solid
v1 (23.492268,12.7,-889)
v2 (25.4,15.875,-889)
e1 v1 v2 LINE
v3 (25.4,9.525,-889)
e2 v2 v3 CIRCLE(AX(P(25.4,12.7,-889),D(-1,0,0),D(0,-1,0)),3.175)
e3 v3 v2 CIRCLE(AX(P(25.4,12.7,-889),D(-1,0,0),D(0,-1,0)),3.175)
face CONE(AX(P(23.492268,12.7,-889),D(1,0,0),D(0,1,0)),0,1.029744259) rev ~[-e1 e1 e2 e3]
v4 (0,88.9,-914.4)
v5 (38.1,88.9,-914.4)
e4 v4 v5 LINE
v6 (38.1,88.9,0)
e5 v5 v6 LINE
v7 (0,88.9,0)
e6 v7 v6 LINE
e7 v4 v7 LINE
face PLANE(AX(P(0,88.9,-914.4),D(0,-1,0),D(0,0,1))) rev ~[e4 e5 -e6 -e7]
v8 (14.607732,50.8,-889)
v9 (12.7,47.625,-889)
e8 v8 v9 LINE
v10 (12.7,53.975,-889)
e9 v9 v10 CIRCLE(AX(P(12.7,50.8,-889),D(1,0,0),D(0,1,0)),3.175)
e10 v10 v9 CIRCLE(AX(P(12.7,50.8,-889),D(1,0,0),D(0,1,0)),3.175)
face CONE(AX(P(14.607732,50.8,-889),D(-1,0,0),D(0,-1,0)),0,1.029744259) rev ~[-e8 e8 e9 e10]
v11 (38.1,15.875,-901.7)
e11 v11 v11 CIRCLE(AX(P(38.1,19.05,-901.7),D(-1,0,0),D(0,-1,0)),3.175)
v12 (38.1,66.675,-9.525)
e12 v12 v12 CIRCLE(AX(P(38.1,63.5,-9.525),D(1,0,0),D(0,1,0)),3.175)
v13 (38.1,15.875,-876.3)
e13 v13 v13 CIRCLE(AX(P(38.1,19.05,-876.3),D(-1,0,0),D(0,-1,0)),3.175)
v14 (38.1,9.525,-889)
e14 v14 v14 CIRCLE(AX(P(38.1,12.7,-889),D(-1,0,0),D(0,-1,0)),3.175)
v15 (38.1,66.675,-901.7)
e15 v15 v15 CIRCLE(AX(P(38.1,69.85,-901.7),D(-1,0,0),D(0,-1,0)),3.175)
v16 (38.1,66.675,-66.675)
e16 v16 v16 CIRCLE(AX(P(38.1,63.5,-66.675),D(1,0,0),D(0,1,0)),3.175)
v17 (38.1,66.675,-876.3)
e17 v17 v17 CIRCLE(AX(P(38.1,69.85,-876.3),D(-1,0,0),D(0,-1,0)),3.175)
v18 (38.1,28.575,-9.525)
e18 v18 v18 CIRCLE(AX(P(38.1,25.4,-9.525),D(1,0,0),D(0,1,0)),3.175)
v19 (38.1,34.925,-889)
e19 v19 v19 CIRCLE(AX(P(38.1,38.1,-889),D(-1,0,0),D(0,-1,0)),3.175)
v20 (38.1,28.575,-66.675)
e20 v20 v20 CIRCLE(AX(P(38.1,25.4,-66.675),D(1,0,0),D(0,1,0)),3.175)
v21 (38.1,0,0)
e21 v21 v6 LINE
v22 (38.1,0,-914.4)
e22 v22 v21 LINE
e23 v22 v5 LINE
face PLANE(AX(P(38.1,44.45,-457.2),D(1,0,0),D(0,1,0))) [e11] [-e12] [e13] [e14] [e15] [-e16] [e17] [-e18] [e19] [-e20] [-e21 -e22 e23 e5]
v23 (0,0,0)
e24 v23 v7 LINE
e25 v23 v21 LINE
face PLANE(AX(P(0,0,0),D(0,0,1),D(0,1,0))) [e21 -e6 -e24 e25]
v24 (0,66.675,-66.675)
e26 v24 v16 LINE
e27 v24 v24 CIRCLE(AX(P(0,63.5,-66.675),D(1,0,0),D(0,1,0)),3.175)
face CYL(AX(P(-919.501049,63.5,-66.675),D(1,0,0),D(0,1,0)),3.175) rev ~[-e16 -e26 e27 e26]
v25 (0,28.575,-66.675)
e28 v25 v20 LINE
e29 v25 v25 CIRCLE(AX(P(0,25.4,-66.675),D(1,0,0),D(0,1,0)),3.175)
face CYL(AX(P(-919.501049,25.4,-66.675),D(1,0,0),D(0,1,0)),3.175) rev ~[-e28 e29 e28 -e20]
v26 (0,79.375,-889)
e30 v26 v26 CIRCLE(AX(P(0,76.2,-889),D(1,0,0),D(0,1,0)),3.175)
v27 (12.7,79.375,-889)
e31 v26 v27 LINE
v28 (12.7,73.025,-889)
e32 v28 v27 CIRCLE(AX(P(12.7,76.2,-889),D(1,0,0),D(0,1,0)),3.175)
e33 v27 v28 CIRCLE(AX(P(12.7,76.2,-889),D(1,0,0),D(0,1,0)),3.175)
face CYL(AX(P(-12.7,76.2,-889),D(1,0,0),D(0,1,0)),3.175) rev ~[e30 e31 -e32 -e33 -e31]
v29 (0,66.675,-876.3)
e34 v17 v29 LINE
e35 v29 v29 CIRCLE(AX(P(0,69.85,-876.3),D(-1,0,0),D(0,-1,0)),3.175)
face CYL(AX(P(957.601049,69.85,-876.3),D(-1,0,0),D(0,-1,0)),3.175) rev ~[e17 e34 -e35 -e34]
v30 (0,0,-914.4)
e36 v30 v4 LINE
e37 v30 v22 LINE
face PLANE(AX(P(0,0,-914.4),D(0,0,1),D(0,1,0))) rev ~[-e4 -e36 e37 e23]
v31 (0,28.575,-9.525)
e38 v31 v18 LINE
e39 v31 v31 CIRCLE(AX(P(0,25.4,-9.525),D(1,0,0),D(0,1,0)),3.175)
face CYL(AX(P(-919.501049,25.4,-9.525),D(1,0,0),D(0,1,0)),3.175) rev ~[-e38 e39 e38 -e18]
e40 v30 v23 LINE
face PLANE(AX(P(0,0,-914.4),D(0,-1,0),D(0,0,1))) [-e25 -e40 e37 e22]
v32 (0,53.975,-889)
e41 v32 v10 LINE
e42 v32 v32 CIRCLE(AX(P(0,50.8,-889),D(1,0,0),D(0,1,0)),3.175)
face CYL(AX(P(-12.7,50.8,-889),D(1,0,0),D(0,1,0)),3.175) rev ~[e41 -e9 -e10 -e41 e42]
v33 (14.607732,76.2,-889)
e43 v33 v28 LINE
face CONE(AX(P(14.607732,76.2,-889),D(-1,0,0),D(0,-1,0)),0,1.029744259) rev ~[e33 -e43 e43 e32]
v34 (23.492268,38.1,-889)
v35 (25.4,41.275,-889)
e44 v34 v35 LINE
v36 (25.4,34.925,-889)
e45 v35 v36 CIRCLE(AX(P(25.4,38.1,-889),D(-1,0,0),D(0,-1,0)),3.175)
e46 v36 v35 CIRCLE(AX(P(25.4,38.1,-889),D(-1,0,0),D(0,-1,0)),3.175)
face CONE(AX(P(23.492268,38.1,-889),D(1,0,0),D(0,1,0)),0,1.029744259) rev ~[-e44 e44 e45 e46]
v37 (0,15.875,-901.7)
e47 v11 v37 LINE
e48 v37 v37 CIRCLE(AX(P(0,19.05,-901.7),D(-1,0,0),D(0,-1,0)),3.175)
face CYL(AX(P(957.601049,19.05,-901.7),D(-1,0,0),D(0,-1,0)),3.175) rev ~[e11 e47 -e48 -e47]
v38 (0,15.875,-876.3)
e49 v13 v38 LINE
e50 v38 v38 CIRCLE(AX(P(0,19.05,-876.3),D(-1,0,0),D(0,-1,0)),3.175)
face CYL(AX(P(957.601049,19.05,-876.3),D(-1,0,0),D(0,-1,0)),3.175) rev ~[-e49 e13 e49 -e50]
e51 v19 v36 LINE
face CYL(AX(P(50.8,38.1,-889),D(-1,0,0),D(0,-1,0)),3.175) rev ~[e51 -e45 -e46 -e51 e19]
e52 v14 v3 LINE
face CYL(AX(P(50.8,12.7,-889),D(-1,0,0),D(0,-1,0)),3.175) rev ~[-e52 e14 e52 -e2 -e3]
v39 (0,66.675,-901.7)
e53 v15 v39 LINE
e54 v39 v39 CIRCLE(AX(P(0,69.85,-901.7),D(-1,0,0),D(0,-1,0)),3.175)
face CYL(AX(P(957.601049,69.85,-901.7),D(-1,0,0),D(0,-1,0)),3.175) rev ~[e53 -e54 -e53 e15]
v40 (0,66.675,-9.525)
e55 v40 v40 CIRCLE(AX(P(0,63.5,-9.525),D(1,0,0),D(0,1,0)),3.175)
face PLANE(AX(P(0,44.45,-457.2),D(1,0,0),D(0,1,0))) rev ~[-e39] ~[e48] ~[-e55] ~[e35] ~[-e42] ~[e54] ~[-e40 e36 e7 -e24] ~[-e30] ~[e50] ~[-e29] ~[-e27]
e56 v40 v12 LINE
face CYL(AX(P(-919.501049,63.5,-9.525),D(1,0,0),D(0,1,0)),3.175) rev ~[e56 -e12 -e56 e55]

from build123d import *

# Parameters (mm, degrees)
F0_W     = 88.9
F0_H     = 914.4
F1_DEPTH = 38.1
F3_D     = 6.35
F5_D     = 6.35
F7_D     = 6.35
F7_DEPTH = 12.7
F7_TIP   = 1.9077324654
F9_D     = 6.35
F9_DEPTH = 12.7
F9_TIP   = 1.9077324654


with BuildPart() as f1:
    # F0 (on Right) → F1 (new body)
    with BuildSketch(Plane.YZ):
        with Locations((44.45, -457.2)):
            Rectangle(F0_W, F0_H)
    extrude(amount=F1_DEPTH)

    # F3 (through all)
    with Locations(Plane(origin=(0, 0, 0), x_dir=(0, -1, 0), z_dir=(-1, 0, 0))):
        with Locations((-63.5, -9.525), (-25.4, -9.525), (-63.5, -66.675), (-25.4, -66.675)):
            Hole(F3_D / 2)

    # F5 (through all)
    with Locations(Plane.YZ.offset(38.1)):
        with Locations((19.05, -876.3), (19.05, -901.7), (69.85, -876.3), (69.85, -901.7)):
            Hole(F5_D / 2)

    # F7
    with Locations(Plane(origin=(0, 0, 0), x_dir=(0, -1, 0), z_dir=(-1, 0, 0))):
        with Locations((-76.2, -889), (-50.8, -889)):
            Hole(F7_D / 2, depth=F7_DEPTH)
            with Locations((0, 0, -(F7_DEPTH + F7_TIP / 2))):  # 118° drill point
                Cone(0, F7_D / 2, F7_TIP, mode=Mode.SUBTRACT)

    # F9
    with Locations(Plane.YZ.offset(38.1)):
        with Locations((12.7, -889), (38.1, -889)):
            Hole(F9_D / 2, depth=F9_DEPTH)
            with Locations((0, 0, -(F9_DEPTH + F9_TIP / 2))):  # 118° drill point
                Cone(0, F9_D / 2, F9_TIP, mode=Mode.SUBTRACT)


solid = f1.part
